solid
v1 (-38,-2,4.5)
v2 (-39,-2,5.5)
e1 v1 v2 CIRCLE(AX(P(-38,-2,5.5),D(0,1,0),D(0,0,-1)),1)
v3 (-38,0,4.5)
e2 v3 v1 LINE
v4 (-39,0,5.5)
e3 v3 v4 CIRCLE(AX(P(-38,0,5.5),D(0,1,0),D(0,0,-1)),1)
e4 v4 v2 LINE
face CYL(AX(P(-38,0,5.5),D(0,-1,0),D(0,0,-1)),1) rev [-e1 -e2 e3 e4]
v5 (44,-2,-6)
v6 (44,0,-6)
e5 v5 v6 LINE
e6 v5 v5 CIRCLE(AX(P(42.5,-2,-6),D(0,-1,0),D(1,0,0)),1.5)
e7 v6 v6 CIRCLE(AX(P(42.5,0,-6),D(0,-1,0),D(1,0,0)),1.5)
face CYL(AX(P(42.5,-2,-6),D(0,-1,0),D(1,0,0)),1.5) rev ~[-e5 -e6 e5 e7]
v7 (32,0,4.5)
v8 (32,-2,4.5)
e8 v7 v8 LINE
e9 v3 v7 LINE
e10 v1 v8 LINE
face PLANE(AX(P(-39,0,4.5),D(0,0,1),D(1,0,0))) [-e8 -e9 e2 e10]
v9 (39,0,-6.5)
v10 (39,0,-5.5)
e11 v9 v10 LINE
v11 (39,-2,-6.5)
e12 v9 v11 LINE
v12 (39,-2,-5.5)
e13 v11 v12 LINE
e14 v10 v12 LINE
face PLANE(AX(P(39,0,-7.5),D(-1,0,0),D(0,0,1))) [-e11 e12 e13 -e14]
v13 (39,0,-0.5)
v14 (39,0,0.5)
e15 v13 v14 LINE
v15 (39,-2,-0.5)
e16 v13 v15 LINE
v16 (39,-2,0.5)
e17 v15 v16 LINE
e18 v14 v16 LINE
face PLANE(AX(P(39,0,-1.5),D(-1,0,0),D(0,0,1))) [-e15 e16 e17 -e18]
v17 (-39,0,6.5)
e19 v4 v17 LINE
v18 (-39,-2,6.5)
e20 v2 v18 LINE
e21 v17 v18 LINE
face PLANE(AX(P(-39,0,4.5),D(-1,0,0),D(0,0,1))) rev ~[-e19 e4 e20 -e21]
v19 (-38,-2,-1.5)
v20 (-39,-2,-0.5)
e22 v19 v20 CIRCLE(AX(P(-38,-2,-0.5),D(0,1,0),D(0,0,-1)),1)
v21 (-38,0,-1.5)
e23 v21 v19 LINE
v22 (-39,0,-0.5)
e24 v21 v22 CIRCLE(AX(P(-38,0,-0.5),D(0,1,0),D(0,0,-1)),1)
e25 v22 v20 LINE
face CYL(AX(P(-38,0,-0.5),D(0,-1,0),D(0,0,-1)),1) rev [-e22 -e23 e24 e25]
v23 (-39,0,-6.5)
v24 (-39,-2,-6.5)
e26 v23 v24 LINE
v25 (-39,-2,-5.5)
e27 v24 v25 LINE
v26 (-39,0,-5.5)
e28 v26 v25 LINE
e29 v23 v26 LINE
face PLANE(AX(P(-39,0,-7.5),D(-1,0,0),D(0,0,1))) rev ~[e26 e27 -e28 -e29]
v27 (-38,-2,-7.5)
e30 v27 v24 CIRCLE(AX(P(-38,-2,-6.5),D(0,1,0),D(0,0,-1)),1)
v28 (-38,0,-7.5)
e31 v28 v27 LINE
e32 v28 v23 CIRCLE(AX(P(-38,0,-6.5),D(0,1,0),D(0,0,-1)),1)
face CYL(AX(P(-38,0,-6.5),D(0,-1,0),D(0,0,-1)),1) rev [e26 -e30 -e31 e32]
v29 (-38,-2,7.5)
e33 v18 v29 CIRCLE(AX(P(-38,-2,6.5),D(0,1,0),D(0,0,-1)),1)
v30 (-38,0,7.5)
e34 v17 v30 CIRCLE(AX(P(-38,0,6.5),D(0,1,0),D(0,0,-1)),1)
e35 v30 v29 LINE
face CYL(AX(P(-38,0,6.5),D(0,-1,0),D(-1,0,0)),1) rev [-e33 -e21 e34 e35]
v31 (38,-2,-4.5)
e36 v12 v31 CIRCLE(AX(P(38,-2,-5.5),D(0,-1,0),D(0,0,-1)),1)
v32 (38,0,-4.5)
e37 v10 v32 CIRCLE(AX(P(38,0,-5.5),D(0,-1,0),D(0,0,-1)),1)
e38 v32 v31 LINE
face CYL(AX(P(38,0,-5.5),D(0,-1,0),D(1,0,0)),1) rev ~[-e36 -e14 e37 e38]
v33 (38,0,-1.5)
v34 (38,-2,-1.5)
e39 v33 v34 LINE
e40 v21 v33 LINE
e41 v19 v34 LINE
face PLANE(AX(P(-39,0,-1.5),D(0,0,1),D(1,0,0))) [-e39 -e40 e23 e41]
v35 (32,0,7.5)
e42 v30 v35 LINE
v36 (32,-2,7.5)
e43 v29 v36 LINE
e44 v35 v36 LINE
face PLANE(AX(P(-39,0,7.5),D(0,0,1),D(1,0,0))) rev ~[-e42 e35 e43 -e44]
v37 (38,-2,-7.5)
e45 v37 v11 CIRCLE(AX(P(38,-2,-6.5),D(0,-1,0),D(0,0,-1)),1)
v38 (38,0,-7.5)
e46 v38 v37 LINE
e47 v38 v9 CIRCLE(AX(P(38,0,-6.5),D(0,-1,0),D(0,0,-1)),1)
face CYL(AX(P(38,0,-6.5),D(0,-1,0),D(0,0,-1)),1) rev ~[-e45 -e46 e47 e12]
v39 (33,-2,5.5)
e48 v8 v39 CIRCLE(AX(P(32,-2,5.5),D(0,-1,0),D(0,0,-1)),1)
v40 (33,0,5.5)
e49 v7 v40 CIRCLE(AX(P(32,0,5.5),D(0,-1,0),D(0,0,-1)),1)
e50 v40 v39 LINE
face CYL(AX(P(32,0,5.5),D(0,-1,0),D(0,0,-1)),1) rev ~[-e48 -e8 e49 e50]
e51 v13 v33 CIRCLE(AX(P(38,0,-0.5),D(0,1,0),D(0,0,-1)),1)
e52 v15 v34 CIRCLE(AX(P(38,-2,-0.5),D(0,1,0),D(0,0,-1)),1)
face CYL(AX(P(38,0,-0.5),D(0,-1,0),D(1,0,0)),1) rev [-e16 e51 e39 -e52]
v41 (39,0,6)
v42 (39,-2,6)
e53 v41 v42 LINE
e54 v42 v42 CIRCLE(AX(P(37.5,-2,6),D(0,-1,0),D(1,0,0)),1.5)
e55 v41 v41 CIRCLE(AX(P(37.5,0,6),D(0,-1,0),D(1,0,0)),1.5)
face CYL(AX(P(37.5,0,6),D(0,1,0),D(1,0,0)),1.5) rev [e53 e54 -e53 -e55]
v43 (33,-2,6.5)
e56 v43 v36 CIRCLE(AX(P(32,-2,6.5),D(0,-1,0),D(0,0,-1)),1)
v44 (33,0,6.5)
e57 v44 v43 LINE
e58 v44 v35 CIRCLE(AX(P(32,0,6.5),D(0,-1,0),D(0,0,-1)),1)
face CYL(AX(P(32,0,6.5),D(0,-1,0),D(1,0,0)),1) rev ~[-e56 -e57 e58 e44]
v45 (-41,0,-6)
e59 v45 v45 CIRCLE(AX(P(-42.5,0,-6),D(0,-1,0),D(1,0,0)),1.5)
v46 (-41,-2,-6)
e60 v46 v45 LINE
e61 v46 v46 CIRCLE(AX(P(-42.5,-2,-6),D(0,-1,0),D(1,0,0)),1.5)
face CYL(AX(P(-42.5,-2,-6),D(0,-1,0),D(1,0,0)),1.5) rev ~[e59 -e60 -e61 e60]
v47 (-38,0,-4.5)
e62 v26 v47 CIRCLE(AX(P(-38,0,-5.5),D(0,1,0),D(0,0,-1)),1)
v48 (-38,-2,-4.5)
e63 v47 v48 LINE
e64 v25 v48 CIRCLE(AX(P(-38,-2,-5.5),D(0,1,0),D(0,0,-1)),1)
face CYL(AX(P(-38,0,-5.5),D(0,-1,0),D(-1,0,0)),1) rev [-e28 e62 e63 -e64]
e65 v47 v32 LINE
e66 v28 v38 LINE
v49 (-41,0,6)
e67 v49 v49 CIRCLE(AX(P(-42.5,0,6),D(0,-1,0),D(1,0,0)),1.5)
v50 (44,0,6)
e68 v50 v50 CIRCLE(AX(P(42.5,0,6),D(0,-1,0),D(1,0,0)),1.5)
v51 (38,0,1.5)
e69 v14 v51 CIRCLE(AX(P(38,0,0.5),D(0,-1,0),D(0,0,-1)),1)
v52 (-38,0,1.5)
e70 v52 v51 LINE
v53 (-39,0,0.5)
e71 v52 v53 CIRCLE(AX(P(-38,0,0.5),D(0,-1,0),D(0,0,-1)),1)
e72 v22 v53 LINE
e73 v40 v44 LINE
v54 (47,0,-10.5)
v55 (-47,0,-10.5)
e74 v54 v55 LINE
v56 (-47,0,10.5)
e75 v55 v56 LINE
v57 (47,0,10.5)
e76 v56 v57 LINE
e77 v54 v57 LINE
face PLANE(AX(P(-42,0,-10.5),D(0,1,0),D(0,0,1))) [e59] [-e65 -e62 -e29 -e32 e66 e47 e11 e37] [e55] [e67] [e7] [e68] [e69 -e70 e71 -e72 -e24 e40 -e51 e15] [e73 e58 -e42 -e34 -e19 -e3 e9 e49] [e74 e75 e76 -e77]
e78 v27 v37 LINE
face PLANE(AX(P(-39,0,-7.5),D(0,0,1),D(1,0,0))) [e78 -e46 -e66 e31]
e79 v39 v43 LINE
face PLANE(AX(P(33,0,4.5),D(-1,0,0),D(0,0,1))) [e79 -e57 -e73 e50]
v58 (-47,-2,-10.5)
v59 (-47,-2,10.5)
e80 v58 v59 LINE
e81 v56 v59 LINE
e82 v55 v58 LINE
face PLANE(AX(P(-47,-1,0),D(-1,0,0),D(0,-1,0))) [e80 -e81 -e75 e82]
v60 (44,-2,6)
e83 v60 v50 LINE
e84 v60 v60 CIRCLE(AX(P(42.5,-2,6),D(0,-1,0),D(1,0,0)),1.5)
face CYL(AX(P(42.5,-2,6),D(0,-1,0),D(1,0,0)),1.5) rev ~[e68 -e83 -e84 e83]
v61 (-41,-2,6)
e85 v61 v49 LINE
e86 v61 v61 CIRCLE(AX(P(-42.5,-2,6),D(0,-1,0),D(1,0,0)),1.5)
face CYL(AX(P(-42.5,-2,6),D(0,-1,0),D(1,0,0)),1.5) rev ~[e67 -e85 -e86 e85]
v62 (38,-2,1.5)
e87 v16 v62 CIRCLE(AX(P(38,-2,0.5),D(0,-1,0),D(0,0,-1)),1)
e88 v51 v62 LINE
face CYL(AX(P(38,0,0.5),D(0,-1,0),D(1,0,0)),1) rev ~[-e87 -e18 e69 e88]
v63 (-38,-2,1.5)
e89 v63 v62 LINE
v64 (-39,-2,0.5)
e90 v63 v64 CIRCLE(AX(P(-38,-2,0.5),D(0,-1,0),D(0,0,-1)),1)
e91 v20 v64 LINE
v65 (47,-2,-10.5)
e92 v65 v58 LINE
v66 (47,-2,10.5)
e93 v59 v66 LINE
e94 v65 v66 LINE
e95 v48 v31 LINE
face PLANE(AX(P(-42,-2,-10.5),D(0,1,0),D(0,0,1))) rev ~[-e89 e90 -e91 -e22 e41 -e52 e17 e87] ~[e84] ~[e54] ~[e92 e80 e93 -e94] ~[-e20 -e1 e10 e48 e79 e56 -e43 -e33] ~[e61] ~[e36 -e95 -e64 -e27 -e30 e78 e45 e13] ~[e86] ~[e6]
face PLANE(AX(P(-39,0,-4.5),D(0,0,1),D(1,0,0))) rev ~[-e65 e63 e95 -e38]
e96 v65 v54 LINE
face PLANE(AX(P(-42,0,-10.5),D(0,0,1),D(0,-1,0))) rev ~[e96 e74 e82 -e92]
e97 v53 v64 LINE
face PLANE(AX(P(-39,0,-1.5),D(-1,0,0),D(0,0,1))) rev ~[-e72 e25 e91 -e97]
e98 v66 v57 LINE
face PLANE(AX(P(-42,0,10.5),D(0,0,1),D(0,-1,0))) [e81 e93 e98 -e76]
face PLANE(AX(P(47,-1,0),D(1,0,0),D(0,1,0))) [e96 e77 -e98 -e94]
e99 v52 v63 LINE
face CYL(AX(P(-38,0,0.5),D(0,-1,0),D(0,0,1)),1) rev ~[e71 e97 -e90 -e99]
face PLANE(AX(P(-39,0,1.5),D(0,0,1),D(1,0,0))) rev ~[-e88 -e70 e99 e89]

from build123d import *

# Parameters (mm, degrees)
F0_W     = 84
F0_H     = 21
F0_W_2   = 78
F0_H_2   = 3
F0_W_3   = 72
F0_R     = 1.5
F1_DEPTH = 2
F2_W     = 2
F2_H     = 21
F3_DEPTH = 5
F4_W     = 2
F4_H     = 21
F5_DEPTH = 5
F6_R     = 1.5
F7_DEPTH = 25
F8_R     = 1


with BuildPart() as f1:
    # F0 (on Front) → F1 (new body)
    with BuildSketch(Plane.XZ):
        Rectangle(F0_W, F0_H)
        with Locations((0, -6)):
            Rectangle(F0_W_2, F0_H_2, mode=Mode.SUBTRACT)
        with Locations((-3, 6)):
            Rectangle(F0_W_3, F0_H_2, mode=Mode.SUBTRACT)
        Rectangle(F0_W_2, F0_H_2, mode=Mode.SUBTRACT)
        with Locations((37.5, 6)):
            Circle(F0_R, mode=Mode.SUBTRACT)
    extrude(amount=F1_DEPTH)

    # F2 (on face) → F3 (join)
    with BuildSketch(Plane.YZ.offset(42)):
        with Locations((-1, 0)):
            Rectangle(F2_W, F2_H)
    extrude(amount=F3_DEPTH)

    # F4 (on face) → F5 (join)
    with BuildSketch(Plane(origin=(-42, 0, 0), x_dir=(0, -1, 0), z_dir=(-1, 0, 0))):
        with Locations((1, 0)):
            Rectangle(F4_W, F4_H)
    extrude(amount=F5_DEPTH)

    # F6 (on face) → F7 (cut)
    with BuildSketch(Plane.XZ.offset(2)):
        with Locations((-42.5, 6)):
            Circle(F6_R)
        with Locations((-42.5, -6)):
            Circle(F6_R)
        with Locations((42.5, 6)):
            Circle(F6_R)
        with Locations((42.5, -6)):
            Circle(F6_R)
    extrude(amount=-F7_DEPTH, mode=Mode.SUBTRACT)

    # F8
    f8_edges = [f1.edges().sort_by_distance(p)[0] for p in [
        (-39, -1, 7.5),
        (-39, -1, 1.5),
        (-39, -1, -4.5),
        (-39, -1, 4.5),
        (-39, -1, -1.5),
        (-39, -1, -7.5),
        (33, -1, 7.5),
        (39, -1, 1.5),
        (39, -1, -4.5),
        (39, -1, -7.5),
        (39, -1, -1.5),
        (33, -1, 4.5),
    ]]
    fillet(f8_edges, radius=F8_R)


solid = f1.part
